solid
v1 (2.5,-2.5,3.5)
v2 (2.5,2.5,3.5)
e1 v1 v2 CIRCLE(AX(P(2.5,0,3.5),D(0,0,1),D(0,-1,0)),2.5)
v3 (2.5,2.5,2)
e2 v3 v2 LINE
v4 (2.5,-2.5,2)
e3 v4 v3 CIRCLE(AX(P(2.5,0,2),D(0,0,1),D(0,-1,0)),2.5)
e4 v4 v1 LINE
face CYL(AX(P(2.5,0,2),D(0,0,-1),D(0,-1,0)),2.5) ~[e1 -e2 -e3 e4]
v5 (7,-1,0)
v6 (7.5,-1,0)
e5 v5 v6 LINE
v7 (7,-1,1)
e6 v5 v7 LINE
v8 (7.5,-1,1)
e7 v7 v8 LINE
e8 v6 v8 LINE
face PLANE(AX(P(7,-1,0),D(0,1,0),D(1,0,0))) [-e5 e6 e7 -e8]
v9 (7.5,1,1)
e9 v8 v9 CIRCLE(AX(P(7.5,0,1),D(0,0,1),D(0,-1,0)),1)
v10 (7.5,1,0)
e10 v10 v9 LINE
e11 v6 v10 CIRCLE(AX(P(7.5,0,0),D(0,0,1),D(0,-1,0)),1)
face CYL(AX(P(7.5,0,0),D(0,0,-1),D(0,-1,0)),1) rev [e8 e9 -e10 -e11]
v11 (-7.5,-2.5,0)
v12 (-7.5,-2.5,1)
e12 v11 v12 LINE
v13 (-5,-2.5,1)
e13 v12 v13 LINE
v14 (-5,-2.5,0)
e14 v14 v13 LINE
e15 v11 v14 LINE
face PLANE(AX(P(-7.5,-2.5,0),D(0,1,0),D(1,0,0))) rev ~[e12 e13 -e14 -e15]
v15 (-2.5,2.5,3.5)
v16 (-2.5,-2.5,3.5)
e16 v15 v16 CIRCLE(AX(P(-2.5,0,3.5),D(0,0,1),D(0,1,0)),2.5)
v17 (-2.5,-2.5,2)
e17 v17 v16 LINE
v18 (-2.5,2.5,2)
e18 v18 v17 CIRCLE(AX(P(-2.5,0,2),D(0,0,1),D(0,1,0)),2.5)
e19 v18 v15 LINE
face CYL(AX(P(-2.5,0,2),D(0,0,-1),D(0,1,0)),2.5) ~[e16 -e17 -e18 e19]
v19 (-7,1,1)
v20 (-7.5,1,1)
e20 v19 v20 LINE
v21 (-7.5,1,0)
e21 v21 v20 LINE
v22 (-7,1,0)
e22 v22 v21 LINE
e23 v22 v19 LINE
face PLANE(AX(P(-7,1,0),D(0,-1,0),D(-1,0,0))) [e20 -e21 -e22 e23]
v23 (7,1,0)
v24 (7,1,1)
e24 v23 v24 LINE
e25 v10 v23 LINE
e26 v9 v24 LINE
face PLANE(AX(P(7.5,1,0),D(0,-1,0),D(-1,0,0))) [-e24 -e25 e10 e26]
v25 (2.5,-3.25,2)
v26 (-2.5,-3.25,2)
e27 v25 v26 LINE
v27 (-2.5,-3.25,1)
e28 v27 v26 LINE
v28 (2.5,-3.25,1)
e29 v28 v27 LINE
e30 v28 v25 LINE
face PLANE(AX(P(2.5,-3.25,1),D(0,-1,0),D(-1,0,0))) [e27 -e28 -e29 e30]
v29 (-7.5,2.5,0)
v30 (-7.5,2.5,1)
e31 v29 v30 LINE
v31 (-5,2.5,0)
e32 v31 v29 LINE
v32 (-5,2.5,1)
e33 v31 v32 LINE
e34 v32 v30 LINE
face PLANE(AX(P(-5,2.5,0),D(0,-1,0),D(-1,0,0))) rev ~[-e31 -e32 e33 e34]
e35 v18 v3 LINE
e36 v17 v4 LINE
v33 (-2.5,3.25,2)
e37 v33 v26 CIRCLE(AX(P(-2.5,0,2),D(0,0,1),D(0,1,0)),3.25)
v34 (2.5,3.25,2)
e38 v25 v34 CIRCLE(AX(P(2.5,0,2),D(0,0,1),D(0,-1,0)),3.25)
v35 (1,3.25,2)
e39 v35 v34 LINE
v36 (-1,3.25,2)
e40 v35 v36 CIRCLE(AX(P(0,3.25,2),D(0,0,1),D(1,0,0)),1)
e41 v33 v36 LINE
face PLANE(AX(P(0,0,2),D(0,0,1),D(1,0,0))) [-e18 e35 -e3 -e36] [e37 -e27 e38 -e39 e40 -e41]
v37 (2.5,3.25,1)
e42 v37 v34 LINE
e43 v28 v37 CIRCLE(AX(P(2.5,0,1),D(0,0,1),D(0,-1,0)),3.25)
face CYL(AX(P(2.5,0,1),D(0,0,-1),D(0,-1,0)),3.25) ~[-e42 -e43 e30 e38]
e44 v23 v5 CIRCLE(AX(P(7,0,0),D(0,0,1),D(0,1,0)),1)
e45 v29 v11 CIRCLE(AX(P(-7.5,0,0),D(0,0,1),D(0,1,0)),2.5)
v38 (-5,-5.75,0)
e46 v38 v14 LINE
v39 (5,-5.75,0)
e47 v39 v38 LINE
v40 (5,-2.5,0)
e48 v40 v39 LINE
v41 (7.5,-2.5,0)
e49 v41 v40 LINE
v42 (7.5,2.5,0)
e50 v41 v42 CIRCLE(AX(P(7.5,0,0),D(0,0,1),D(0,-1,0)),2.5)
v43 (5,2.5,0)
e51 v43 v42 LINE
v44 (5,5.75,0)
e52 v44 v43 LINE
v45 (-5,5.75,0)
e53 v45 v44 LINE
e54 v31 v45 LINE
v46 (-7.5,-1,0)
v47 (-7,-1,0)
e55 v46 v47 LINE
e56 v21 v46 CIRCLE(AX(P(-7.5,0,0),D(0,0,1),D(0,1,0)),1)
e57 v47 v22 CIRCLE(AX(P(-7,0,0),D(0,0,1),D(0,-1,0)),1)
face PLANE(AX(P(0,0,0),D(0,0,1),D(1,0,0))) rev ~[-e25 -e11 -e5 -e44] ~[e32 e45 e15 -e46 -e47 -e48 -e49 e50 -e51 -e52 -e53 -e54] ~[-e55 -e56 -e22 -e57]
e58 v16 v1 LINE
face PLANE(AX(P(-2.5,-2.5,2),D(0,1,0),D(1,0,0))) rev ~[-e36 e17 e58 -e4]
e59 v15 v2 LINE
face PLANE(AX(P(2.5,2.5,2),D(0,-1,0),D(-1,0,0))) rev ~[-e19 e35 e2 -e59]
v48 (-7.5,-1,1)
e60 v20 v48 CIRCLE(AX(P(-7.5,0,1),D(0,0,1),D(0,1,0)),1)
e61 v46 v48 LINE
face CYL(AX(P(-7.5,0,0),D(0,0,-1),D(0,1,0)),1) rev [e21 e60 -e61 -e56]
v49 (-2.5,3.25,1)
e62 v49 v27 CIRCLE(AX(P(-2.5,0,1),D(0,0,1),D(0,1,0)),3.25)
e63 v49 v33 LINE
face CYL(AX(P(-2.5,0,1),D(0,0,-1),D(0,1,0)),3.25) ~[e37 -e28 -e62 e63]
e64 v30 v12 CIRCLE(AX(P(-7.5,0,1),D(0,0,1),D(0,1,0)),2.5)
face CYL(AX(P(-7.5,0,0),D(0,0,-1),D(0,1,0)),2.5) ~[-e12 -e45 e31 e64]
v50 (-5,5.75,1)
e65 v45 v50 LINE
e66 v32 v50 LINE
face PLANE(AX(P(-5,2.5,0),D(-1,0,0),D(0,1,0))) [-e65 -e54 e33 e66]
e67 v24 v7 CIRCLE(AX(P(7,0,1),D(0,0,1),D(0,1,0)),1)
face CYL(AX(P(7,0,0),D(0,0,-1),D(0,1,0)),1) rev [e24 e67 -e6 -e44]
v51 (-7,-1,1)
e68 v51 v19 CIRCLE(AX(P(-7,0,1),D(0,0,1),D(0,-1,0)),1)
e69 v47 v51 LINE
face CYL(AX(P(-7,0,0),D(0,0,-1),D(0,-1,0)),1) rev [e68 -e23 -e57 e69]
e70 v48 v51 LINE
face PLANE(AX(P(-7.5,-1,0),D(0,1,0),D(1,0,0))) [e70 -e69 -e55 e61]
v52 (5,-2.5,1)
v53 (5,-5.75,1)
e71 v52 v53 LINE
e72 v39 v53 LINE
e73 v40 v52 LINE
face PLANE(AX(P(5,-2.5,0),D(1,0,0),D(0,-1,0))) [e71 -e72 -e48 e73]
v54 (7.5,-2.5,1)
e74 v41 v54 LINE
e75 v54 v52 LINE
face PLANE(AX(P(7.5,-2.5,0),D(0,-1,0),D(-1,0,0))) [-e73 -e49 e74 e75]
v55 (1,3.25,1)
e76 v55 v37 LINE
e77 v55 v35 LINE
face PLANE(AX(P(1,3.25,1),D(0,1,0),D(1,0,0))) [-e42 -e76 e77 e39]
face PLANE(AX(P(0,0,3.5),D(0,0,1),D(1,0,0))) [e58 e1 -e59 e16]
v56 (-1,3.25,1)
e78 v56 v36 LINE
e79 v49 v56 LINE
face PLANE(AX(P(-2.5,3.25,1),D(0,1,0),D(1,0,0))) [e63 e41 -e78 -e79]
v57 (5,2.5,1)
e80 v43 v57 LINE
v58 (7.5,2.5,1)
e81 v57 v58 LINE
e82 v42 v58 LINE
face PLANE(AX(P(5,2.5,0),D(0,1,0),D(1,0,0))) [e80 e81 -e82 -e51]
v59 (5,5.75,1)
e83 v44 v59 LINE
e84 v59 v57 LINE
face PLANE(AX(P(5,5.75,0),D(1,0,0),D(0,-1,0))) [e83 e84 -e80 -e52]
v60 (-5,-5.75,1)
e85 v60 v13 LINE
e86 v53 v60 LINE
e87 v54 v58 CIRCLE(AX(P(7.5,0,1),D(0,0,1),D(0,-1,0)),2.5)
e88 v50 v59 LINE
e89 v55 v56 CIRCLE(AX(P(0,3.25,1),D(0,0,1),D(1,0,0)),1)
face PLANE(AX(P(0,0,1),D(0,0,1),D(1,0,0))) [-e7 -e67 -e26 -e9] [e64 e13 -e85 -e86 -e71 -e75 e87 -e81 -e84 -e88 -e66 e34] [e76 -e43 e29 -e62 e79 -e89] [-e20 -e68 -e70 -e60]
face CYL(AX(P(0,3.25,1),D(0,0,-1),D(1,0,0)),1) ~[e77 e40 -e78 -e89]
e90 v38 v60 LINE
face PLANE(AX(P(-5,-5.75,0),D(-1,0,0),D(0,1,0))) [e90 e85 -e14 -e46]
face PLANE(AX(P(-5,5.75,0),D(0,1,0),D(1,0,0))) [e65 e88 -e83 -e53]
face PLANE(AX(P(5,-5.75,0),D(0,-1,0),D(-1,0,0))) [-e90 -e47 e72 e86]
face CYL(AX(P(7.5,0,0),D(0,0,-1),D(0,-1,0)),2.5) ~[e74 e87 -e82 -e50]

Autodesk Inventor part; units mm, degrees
ref_plane "YZ Plane" through (0, 0, 0) normal (1, 0, 0) x (0, 1, 0)
ref_plane "XZ Plane" through (0, 0, 0) normal (0, 1, 0) x (-1, 0, 0)
ref_plane "XY Plane" through (0, 0, 0) normal (0, 0, 1) x (1, 0, 0)
sketch "Náčrt1" plane through (0, 0, 0) normal (0, 0, 1) x (1, 0, 0)
  line L0 (-5, 5.75) -> (5, 5.75)
  line L1 (5, -5.75) -> (-5, -5.75)
  line L2 (-5, 5.75) -> (5, -5.75) construction
  line L3 (5, 5.75) -> (-5, -5.75) construction
  line L4 (-5, 2.5) -> (-7.5, 2.5)
  arc A0 (-7.5, 2.5) -> (-7.5, -2.5) centre (-7.5, 0) ccw
  line L5 (-7.5, -2.5) -> (-5, -2.5)
  line L6 (5, 2.5) -> (7.5, 2.5)
  arc A1 (7.5, -2.5) -> (7.5, 2.5) centre (7.5, 0) ccw
  line L7 (7.5, -2.5) -> (5, -2.5)
  line L8 (-5, -5.75) -> (-5, -2.5)
  line L9 (-5, 2.5) -> (-5, 5.75)
  line L10 (5, 5.75) -> (5, 2.5)
  line L11 (5, -2.5) -> (5, -5.75)
  line L12 (-7.5, 0) -> (-7, 0) construction
  line L13 (-7.5, -1) -> (-7, -1)
  line L14 (-7, 1) -> (-7.5, 1)
  arc A2 (-7.5, 1) -> (-7.5, -1) centre (-7.5, 0) ccw
  arc A3 (-7, -1) -> (-7, 1) centre (-7, 0) ccw
  line L15 (7.5, 0) -> (7, 0) construction
  line L16 (7.5, 1) -> (7, 1)
  line L17 (7, -1) -> (7.5, -1)
  arc A4 (7.5, -1) -> (7.5, 1) centre (7.5, 0) ccw
  arc A5 (7, 1) -> (7, -1) centre (7, 0) ccw
  point P0 (0, 0)
  point P1 (-7.25, 0)
  point P2 (7.25, 0)
  point P3 (10, 0)
  point P4 (-10, 0)
  point P5 (-6, 0)
  point P6 (-8.5, 0)
  dimension "d0" = 11.5
  dimension "d1" = 10
  dimension "d2" = 5
  dimension "d3" = 2
  dimension "d4" = 20
  dimension "d5" = 2.5
extrude "Vysunutí1" add sketch "Náčrt1" along normal blind 1
sketch "Náčrt2" plane through (0, 0, 1) normal (0, 0, 1) x (1, 0, 0)
  line L0 (-2.5, 0) -> (2.5, 0) construction
  line L1 (2.5, -3.25) -> (-2.5, -3.25)
  arc A0 (-2.5, 3.25) -> (-2.5, -3.25) centre (-2.5, 0) ccw
  arc A1 (2.5, -3.25) -> (2.5, 3.25) centre (2.5, 0) ccw
  arc A2 (1, 3.25) -> (-1, 3.25) centre (0, 3.25) ccw
  line L2 (-2.5, 3.25) -> (-1, 3.25)
  line L3 (1, 3.25) -> (2.5, 3.25)
  point P0 (0, 0)
  point P1 (5.75, 0)
  point P2 (-5.75, 0)
  dimension "d8" = 6.5
  dimension "d9" = 11.5
  dimension "d10" = 1
extrude "Vysunutí2" add sketch "Náčrt2" along normal blind 1
sketch "Náčrt3" plane through (0, 0, 2) normal (0, 0, 1) x (1, 0, 0)
  arc A0 (-2.5, 3.25) -> (-2.5, -3.25) centre (-2.5, 0) ccw projected
  line L0 (-1, 3.25) -> (-2.5, 3.25) projected
  line L1 (2.5, 3.25) -> (1, 3.25) projected
  arc A1 (2.5, -3.25) -> (2.5, 3.25) centre (2.5, 0) ccw projected
  line L2 (-2.5, -3.25) -> (2.5, -3.25) projected
  line L3 (-1, 3.25) -> (1, 3.25)
  line L4 (2.5, 2.5) -> (1, 2.5)
  line L5 (1, 2.5) -> (-1, 2.5)
  line L6 (-1, 2.5) -> (-2.5, 2.5)
  arc A2 (-2.5, 2.5) -> (-2.5, -2.5) centre (-2.5, 0) ccw
  line L7 (-2.5, -2.5) -> (2.5, -2.5)
  arc A3 (2.5, -2.5) -> (2.5, 2.5) centre (2.5, 0) ccw
  point P0 (0, 0)
  dimension "d13" = 0.75
extrude "Vysunutí3" add sketch "Náčrt3" along normal blind 1.5 contours A3 L7 A2 L6 L5 L4
properties part number "TF-LC02 (Laser senzor)"
